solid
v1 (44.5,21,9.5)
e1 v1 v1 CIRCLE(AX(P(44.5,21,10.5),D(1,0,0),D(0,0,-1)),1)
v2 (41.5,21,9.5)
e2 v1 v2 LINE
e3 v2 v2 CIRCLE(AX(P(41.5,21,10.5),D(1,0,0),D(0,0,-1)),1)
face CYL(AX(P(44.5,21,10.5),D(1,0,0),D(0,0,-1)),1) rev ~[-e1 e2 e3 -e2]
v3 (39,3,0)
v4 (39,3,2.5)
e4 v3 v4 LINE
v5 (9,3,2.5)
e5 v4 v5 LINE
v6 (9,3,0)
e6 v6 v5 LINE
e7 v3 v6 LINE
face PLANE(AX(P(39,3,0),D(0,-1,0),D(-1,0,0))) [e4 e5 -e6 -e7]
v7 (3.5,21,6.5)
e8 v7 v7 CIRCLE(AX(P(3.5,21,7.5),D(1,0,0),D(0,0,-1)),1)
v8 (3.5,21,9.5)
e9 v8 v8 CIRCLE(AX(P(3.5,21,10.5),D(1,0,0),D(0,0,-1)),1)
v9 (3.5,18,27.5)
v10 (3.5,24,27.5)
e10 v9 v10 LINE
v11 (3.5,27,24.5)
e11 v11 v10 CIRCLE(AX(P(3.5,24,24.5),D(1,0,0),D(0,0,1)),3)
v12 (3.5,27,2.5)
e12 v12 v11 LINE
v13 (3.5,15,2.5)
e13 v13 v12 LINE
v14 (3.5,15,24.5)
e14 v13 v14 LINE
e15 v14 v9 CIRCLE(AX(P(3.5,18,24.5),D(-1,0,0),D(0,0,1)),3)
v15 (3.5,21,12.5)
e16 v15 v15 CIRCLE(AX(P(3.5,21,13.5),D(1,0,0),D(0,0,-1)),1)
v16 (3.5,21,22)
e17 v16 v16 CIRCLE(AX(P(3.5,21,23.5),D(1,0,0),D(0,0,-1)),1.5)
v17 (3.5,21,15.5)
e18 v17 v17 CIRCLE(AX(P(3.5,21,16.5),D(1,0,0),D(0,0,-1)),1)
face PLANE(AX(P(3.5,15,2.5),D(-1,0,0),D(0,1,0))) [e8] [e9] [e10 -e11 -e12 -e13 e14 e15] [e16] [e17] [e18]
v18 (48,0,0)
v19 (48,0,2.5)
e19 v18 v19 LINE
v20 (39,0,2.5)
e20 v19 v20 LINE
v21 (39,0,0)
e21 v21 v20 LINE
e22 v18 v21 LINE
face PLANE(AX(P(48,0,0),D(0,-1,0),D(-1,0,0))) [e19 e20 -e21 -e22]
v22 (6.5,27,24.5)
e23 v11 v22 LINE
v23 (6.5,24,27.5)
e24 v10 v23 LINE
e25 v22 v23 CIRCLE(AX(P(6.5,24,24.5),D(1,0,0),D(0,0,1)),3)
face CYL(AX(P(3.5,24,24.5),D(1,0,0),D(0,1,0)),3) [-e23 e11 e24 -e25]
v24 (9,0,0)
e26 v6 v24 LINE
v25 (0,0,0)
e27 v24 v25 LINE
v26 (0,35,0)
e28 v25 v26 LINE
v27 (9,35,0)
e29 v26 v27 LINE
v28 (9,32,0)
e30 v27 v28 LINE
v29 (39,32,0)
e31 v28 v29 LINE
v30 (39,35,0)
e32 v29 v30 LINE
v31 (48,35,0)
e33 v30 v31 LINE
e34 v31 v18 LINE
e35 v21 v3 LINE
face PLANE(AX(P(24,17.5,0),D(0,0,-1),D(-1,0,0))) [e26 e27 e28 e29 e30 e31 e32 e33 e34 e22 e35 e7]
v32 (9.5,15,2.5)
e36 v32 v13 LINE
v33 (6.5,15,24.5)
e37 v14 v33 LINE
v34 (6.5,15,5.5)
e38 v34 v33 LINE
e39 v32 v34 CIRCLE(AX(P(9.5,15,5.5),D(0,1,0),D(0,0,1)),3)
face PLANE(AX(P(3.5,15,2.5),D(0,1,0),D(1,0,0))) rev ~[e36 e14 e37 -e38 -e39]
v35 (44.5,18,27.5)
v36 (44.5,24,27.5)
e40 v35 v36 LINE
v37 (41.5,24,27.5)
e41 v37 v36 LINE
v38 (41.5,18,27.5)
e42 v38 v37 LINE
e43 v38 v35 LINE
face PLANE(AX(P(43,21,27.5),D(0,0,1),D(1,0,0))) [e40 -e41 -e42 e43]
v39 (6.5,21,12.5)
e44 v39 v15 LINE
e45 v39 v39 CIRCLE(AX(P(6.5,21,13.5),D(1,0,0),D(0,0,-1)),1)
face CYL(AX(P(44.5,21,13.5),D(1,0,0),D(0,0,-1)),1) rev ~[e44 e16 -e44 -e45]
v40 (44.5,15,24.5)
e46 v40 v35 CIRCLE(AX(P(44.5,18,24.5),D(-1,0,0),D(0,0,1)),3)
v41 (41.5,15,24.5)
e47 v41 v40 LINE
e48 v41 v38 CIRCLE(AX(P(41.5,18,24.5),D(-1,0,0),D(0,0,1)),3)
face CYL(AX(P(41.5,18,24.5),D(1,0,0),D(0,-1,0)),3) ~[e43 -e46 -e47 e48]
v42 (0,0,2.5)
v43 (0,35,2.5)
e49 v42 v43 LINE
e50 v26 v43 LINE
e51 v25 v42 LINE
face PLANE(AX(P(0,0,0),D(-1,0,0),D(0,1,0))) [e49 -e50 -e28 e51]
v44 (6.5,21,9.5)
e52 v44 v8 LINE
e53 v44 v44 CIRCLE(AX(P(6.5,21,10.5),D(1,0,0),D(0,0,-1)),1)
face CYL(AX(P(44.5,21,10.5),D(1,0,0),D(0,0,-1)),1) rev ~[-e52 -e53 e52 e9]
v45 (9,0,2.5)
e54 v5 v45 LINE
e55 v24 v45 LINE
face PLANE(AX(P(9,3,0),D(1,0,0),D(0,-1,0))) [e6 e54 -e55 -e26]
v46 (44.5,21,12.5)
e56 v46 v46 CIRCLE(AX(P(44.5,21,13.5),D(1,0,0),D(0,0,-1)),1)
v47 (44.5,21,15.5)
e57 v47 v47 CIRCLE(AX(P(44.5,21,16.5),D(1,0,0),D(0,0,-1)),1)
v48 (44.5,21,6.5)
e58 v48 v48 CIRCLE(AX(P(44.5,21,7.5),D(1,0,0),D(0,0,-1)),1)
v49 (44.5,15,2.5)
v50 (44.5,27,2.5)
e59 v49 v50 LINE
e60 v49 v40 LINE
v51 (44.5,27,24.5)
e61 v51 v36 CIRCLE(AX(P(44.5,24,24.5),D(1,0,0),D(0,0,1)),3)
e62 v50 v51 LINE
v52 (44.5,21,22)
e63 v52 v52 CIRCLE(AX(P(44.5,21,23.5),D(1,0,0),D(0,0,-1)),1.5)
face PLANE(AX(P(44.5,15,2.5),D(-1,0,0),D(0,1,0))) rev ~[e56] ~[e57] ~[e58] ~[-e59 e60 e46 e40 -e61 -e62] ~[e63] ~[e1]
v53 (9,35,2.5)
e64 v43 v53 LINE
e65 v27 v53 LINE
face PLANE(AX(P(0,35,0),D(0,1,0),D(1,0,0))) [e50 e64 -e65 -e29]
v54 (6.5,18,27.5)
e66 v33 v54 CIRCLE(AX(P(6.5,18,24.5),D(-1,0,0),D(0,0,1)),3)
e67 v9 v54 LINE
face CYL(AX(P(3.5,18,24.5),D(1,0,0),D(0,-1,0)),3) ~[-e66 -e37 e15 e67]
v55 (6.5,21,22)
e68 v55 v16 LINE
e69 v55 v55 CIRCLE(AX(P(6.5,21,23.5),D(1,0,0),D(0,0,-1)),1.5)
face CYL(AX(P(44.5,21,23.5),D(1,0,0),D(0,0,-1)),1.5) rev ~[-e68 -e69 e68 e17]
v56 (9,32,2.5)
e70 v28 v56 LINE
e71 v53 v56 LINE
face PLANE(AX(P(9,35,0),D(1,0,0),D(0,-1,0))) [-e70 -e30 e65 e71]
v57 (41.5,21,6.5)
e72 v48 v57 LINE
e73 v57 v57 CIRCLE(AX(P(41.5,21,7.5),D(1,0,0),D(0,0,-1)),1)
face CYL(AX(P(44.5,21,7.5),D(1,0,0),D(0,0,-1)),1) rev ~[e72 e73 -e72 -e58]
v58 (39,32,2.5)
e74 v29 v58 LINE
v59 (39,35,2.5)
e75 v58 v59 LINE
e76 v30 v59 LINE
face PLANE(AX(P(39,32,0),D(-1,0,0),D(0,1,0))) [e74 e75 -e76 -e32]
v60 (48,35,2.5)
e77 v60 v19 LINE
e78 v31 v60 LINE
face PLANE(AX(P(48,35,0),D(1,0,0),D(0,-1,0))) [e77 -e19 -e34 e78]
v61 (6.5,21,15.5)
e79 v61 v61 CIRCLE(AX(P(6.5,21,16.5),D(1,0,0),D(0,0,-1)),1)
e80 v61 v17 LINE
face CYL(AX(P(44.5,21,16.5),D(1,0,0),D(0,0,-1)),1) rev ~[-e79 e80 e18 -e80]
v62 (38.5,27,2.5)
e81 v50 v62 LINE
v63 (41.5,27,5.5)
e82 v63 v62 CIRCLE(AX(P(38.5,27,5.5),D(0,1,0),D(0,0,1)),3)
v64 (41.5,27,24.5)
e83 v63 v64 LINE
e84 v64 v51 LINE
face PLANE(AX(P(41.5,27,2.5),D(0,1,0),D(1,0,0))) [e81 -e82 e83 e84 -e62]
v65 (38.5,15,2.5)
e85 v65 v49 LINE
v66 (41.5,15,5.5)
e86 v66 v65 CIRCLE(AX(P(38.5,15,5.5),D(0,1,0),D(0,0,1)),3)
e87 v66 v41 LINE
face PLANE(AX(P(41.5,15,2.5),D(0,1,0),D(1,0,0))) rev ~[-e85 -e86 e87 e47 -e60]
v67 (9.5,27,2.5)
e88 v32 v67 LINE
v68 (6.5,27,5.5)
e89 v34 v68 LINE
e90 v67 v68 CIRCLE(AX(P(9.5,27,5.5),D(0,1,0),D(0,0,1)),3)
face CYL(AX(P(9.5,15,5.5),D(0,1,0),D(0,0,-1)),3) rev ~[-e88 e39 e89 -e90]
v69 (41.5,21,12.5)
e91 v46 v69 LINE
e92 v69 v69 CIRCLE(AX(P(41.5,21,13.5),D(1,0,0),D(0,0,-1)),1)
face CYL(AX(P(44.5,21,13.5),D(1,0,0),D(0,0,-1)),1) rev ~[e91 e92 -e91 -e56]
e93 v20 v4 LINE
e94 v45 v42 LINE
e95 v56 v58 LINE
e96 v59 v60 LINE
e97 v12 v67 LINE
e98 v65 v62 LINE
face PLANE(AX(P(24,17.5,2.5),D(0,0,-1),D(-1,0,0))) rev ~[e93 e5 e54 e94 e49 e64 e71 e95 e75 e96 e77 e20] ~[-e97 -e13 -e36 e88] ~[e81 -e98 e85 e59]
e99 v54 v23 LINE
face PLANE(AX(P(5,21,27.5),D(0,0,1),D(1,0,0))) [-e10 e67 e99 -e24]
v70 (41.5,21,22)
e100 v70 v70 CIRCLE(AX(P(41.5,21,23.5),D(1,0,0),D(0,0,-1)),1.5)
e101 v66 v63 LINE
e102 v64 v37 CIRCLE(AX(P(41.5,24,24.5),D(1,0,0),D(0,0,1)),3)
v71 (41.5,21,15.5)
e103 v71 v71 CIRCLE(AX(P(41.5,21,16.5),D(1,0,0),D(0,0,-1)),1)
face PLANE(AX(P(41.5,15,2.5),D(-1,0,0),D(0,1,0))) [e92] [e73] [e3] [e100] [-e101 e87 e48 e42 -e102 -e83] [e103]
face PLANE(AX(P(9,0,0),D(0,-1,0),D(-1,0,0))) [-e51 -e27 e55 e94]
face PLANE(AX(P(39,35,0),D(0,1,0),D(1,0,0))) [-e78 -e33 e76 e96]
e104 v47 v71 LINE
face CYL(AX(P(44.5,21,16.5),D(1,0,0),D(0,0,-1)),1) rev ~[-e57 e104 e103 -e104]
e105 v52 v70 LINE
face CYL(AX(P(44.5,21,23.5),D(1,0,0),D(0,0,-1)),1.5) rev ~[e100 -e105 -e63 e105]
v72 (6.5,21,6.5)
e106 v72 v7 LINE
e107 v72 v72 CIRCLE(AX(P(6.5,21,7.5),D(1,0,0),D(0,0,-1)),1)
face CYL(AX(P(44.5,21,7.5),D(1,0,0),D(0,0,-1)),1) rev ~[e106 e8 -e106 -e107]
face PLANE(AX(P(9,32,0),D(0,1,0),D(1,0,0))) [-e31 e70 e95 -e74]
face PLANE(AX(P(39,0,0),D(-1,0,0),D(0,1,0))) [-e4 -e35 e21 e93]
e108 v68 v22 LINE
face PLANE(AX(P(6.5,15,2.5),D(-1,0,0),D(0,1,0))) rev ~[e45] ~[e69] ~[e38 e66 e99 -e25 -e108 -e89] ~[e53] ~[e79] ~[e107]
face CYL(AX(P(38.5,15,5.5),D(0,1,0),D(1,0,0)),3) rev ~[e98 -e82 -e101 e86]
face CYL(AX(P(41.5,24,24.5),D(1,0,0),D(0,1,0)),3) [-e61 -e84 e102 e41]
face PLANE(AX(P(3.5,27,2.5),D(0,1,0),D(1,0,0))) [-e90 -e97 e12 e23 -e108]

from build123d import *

# Parameters (mm, degrees)
BOSS_EXTRU_1_DEPTH      = 2.5
ESQUISSE2_W             = 3
ESQUISSE2_H             = 12
BOSS_EXTRU_2_DEPTH      = 25
ESQUISSE3_R             = 1
ESQUISSE3_R_2           = 1.5
ENL_V_MAT_EXTRU_1_DEPTH = 50
CONG_1_R                = 3
CONG_2_R                = 3


with BuildPart() as part:
    # Esquisse1 → Boss.-Extru.1 (new body)
    with BuildSketch(Plane.XY):
        Polygon((39, 35), (48, 35), (48, 0), (39, 0), (39, 3), (9, 3), (9, 0), (0, 0), (0, 35), (9, 35), (9, 32), (39, 32), align=None)
    extrude(amount=BOSS_EXTRU_1_DEPTH)

    # Esquisse2 → Boss.-Extru.2 (add)
    with BuildSketch(Plane.XY.offset(2.5)):
        with Locations((5, 21)):
            Rectangle(ESQUISSE2_W, ESQUISSE2_H)
        with Locations((43, 21)):
            Rectangle(ESQUISSE2_W, ESQUISSE2_H)
    extrude(amount=BOSS_EXTRU_2_DEPTH)

    # Esquisse3 → Enlèv. mat.-Extru.1 (cut)
    with BuildSketch(Plane(origin=(44.5, 0, 0), x_dir=(0, 0, -1), z_dir=(1, 0, 0))):
        with Locations((-7.5, 21)):
            Circle(ESQUISSE3_R)
        with Locations((-10.5, 21)):
            Circle(ESQUISSE3_R)
        with Locations((-13.5, 21)):
            Circle(ESQUISSE3_R)
        with Locations((-16.5, 21)):
            Circle(ESQUISSE3_R)
        with Locations((-23.5, 21)):
            Circle(ESQUISSE3_R_2)
    extrude(amount=-ENL_V_MAT_EXTRU_1_DEPTH, mode=Mode.SUBTRACT)

    # Congé1
    cong_1_edges = [part.edges().sort_by_distance(p)[0] for p in [
        (5, 15, 27.5),
        (5, 27, 27.5),
        (43, 15, 27.5),
        (43, 27, 27.5),
    ]]
    fillet(cong_1_edges, radius=CONG_1_R)

    # Congé2
    cong_2_edges = [part.edges().sort_by_distance(p)[0] for p in [
        (6.5, 21, 2.5),
        (41.5, 21, 2.5),
    ]]
    fillet(cong_2_edges, radius=CONG_2_R)


solid = part.part
